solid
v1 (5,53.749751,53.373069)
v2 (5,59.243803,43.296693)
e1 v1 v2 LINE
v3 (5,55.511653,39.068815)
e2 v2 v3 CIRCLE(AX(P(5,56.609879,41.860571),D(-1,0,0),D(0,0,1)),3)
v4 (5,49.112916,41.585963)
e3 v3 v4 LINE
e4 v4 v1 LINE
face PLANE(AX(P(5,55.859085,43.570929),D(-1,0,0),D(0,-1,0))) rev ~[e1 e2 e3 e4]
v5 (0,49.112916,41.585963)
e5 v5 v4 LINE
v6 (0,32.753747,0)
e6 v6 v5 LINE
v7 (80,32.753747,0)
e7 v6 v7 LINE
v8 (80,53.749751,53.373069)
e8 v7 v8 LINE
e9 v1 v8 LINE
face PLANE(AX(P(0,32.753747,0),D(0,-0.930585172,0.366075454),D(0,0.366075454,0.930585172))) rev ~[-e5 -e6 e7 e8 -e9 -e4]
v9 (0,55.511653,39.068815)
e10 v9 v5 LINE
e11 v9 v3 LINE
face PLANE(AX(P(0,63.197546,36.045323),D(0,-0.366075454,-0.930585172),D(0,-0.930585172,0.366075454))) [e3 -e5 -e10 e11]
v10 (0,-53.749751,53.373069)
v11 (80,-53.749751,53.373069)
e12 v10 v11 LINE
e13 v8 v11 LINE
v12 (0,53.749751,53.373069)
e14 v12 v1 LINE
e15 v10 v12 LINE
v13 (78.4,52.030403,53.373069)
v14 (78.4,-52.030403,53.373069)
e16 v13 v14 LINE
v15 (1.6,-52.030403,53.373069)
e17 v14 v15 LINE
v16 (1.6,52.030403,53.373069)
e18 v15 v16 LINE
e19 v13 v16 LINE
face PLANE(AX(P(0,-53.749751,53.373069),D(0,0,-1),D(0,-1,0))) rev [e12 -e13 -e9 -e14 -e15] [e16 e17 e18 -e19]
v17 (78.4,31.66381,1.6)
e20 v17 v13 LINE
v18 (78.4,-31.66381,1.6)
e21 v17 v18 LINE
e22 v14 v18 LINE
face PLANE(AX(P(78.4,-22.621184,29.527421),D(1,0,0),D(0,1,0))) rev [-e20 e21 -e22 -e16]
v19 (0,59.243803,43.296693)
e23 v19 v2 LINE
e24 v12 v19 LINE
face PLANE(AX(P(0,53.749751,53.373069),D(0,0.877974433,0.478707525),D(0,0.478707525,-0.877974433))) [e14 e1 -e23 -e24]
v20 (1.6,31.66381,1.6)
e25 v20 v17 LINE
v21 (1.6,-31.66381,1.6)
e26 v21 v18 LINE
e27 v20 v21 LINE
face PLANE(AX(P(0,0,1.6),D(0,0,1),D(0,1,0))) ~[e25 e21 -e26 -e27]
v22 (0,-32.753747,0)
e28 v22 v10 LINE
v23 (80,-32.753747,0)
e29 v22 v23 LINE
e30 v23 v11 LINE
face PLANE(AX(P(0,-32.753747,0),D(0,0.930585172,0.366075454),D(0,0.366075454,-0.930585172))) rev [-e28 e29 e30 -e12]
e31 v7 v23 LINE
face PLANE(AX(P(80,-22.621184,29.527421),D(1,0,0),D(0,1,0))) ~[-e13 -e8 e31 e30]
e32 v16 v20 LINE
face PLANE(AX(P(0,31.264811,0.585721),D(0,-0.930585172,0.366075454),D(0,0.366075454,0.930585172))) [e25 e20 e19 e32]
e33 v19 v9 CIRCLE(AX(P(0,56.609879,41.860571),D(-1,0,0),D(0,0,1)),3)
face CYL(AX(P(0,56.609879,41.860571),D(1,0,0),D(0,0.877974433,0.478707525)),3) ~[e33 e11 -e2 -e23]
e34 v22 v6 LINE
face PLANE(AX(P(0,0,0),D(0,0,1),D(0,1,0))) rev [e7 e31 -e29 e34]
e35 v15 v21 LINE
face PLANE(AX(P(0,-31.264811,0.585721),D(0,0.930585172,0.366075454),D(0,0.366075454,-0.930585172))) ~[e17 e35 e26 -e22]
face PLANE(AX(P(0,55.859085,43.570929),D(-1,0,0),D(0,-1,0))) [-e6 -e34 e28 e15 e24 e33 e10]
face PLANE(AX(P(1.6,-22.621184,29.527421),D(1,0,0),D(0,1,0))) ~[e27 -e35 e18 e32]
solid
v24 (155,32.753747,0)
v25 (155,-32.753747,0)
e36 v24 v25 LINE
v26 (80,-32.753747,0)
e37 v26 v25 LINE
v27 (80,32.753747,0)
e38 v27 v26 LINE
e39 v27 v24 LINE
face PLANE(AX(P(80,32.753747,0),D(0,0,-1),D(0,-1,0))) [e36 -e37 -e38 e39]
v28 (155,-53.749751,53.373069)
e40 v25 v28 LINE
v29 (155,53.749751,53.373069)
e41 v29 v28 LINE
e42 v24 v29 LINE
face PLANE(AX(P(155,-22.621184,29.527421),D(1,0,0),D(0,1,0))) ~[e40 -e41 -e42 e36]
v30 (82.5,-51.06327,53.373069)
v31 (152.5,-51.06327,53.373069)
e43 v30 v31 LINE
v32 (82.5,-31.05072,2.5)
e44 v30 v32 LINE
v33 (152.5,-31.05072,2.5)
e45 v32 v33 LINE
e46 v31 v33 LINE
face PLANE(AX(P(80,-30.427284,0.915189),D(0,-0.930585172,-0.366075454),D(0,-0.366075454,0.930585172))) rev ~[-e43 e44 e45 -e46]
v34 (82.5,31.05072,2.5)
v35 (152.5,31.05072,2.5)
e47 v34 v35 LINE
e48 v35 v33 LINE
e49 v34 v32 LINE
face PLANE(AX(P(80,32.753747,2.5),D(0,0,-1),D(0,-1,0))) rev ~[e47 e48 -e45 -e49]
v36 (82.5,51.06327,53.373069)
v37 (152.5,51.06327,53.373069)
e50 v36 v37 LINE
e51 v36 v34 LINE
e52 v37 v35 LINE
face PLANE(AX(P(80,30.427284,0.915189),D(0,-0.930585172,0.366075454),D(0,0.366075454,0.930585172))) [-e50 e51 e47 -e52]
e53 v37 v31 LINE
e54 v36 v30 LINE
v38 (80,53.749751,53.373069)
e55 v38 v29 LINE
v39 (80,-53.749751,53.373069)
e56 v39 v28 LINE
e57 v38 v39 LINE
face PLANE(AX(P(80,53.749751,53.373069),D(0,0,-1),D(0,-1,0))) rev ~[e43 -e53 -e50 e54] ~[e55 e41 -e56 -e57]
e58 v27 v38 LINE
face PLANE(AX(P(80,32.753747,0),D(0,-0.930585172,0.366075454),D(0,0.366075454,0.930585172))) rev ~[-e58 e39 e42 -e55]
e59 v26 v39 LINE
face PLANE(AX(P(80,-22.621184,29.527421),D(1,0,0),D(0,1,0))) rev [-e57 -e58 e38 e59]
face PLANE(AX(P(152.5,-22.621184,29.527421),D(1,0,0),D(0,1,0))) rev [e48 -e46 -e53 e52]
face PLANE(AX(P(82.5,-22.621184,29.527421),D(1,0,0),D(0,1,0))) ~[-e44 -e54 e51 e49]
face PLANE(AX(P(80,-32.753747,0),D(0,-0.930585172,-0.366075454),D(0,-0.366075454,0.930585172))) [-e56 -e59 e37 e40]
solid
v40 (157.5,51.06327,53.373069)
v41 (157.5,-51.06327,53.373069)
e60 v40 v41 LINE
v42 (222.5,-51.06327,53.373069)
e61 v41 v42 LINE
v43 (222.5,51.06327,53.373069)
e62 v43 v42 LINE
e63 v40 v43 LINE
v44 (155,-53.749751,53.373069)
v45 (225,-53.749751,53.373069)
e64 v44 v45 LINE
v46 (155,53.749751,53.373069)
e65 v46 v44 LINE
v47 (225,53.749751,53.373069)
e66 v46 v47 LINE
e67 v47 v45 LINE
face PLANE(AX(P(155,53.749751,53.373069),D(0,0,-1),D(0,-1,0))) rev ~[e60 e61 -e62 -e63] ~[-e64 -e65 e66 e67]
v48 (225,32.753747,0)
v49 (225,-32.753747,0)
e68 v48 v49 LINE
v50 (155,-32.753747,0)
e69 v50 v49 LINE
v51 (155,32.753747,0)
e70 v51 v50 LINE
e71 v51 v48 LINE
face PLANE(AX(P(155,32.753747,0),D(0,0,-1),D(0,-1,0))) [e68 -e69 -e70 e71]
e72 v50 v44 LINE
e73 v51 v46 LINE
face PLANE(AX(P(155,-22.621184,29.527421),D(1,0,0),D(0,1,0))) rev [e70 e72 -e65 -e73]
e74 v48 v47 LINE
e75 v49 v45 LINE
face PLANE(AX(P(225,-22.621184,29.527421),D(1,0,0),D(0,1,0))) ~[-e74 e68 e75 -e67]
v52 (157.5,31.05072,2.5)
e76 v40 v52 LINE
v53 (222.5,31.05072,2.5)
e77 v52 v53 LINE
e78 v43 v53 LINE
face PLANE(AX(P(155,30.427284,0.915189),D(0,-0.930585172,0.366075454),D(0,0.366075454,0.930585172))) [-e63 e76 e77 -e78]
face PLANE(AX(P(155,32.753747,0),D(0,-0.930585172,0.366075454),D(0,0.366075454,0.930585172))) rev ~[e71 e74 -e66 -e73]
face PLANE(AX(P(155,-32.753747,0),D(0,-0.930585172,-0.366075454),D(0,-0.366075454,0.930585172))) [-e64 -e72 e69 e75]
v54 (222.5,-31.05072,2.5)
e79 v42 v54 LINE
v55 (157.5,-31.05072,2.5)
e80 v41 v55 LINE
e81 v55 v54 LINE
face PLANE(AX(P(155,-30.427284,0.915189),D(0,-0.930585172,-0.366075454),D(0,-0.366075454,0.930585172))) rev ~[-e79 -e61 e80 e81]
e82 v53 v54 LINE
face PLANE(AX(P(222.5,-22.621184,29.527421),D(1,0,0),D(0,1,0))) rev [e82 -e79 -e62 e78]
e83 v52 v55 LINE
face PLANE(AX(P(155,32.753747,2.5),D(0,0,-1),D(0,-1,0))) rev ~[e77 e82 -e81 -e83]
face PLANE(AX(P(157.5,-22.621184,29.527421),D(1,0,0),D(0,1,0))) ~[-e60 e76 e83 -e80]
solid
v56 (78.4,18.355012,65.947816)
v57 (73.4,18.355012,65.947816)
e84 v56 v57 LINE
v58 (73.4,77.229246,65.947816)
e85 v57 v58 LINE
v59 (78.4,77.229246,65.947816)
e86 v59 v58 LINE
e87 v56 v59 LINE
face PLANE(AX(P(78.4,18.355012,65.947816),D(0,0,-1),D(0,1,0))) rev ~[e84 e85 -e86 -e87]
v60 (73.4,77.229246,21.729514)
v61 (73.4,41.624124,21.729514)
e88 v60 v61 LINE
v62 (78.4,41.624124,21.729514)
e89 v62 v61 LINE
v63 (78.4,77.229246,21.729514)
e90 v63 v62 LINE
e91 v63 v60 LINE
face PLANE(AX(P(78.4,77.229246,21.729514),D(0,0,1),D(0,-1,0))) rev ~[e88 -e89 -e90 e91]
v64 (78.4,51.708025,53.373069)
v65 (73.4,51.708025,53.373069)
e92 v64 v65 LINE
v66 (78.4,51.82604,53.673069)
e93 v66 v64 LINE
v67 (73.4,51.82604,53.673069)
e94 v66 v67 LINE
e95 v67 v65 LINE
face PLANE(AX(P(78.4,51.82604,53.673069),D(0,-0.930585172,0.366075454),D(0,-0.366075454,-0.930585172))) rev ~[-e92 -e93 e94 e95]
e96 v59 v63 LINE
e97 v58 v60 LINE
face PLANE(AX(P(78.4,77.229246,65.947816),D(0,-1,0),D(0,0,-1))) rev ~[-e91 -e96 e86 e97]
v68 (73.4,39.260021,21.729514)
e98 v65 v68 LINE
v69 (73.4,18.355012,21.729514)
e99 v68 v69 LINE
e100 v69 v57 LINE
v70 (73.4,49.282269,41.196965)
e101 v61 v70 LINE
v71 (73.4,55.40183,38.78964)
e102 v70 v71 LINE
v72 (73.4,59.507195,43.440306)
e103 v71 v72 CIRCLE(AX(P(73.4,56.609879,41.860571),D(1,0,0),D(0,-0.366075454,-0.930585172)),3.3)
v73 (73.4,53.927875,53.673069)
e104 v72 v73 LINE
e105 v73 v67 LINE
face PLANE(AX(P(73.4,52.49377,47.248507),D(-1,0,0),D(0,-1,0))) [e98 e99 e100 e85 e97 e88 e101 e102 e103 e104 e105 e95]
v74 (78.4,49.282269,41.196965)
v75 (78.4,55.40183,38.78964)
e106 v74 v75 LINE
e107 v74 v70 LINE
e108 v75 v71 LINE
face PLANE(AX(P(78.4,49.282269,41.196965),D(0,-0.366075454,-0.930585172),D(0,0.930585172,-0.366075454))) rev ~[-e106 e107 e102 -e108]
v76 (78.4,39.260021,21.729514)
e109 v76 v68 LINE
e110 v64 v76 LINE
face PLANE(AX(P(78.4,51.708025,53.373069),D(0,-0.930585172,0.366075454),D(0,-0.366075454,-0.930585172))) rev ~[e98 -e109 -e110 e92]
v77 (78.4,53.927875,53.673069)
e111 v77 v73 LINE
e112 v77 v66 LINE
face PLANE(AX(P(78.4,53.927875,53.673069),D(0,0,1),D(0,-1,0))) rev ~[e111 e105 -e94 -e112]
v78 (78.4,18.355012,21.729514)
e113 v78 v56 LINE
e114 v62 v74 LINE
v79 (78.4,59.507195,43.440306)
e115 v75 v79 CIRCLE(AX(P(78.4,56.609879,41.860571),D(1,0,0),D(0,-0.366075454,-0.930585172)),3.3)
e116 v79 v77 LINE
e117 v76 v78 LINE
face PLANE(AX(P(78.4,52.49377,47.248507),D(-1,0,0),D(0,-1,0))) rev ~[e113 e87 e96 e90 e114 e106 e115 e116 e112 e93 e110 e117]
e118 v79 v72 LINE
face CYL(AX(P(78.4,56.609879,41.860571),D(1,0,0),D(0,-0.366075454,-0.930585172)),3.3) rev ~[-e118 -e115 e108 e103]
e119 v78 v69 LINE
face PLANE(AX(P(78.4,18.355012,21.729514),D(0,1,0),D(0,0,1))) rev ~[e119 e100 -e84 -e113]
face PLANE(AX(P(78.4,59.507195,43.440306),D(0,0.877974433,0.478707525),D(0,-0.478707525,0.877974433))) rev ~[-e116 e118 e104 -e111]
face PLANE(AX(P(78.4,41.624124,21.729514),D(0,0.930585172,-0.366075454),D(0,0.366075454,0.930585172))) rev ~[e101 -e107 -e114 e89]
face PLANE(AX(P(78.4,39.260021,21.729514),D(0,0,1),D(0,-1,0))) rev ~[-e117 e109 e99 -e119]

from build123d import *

# Parameters (mm, degrees)
F1_DEPTH  = 80
F3_T      = -1.6
F4_DEPTH  = 75
F5_DEPTH  = 70
F6_T      = -2.5
F7_T      = -2.5
F9_DEPTH  = 5
F10_R     = 3
F12_DEPTH = 5


with BuildPart() as f1:
    # F0 (on Right) → F1 (new body)
    with BuildSketch(Plane.YZ):
        Polygon((0, 53.3730685711), (0, 0), (32.7537469566, 0), (53.7497512996, 53.3730685711), align=None)
    extrude(amount=F1_DEPTH)

    # F2: F1 across face


with BuildPart() as f1_1:
    add(f1.part)
    add(f1.part.mirror(Plane(origin=(40, 0, 26.6865342855), x_dir=(1, 0, 0), z_dir=(0, -1, 0))))

    # F3
    f3_openings = [f1_1.faces().sort_by_distance(p)[0] for p in [
        (40, 0, 53.373069),
    ]]
    offset(amount=F3_T, openings=f3_openings)


with BuildPart() as f4:
    # F4 (new): a face of the model
    f4_faces = [f1_1.part.faces().sort_by_distance(p)[0] for p in [
        (80, 0, 28.8456399905),
    ]]
    extrude(f4_faces, amount=F4_DEPTH)


with BuildPart() as f5:
    # F5 (new): a face of the model
    f5_faces = [f4.part.faces().sort_by_distance(p)[0] for p in [
        (155, 0, 28.8456399905),
    ]]
    extrude(f5_faces, amount=F5_DEPTH)

    # F7
    f7_openings = [f5.faces().sort_by_distance(p)[0] for p in [
        (190, 0, 53.373069),
    ]]
    offset(amount=F7_T, openings=f7_openings)


with BuildPart() as f4_1:
    add(f4.part)

    # F6
    f6_openings = [f4_1.faces().sort_by_distance(p)[0] for p in [
        (117.5, 0, 53.373069),
    ]]
    offset(amount=F6_T, openings=f6_openings)


with BuildPart() as f1_2:
    add(f1_1.part)

    # F8 (on face) → F9 (join)
    with BuildSketch(Plane(origin=(0, 0, 0), x_dir=(0, -1, 0), z_dir=(-1, 0, 0))):
        Polygon((-49.1129162171, 41.5859631405), (-53.7497512996, 53.3730685711), (-63.1975457742, 36.0453234271), align=None)
    extrude(amount=-F9_DEPTH)

    # F10
    f10_edges = [f1_2.edges().sort_by_distance(p)[0] for p in [
        (2.5, 63.197546, 36.045323),
    ]]
    fillet(f10_edges, radius=F10_R)


with BuildPart() as f12:
    # F11 (on face) → F12 (new body)
    with BuildSketch(Plane(origin=(78.4, 0, 0), x_dir=(0, -1, 0), z_dir=(-1, 0, 0))):
        with BuildLine():
            Line((-51.826039835, 53.6730685711), (-51.7080252357, 53.3730685711))
            Line((-51.7080252357, 53.3730685711), (-18.35501194, 53.3730685711))
            Line((-18.35501194, 53.3730685711), (-18.35501194, 65.9478157759))
            Line((-18.35501194, 65.9478157759), (-77.2292464972, 65.9478157759))
            Line((-77.2292464972, 65.9478157759), (-77.2292464972, 21.7295140028))
            Line((-77.2292464972, 21.7295140028), (-41.6241243857, 21.7295140028))
            Line((-41.6241243857, 21.7295140028), (-49.2822691324, 41.1969649527))
            Line((-49.2822691324, 41.1969649527), (-55.4018303725, 38.7896397265))
            ThreePointArc((-55.4018303725, 38.7896397265), (-59.0838597197, 39.6766703304), (-59.5071949999, 43.4403056271))
            Line((-59.5071949999, 43.4403056271), (-53.9278746441, 53.6730685711))
            Line((-53.9278746441, 53.6730685711), (-51.826039835, 53.6730685711))
        make_face()
        Polygon((-18.35501194, 53.3730685711), (-51.7080252357, 53.3730685711), (-39.2600205222, 21.7295140028), (-18.35501194, 21.7295140028), align=None)
    extrude(amount=F12_DEPTH)


solid = Compound([f5.part, f4_1.part, f1_2.part, f12.part])
